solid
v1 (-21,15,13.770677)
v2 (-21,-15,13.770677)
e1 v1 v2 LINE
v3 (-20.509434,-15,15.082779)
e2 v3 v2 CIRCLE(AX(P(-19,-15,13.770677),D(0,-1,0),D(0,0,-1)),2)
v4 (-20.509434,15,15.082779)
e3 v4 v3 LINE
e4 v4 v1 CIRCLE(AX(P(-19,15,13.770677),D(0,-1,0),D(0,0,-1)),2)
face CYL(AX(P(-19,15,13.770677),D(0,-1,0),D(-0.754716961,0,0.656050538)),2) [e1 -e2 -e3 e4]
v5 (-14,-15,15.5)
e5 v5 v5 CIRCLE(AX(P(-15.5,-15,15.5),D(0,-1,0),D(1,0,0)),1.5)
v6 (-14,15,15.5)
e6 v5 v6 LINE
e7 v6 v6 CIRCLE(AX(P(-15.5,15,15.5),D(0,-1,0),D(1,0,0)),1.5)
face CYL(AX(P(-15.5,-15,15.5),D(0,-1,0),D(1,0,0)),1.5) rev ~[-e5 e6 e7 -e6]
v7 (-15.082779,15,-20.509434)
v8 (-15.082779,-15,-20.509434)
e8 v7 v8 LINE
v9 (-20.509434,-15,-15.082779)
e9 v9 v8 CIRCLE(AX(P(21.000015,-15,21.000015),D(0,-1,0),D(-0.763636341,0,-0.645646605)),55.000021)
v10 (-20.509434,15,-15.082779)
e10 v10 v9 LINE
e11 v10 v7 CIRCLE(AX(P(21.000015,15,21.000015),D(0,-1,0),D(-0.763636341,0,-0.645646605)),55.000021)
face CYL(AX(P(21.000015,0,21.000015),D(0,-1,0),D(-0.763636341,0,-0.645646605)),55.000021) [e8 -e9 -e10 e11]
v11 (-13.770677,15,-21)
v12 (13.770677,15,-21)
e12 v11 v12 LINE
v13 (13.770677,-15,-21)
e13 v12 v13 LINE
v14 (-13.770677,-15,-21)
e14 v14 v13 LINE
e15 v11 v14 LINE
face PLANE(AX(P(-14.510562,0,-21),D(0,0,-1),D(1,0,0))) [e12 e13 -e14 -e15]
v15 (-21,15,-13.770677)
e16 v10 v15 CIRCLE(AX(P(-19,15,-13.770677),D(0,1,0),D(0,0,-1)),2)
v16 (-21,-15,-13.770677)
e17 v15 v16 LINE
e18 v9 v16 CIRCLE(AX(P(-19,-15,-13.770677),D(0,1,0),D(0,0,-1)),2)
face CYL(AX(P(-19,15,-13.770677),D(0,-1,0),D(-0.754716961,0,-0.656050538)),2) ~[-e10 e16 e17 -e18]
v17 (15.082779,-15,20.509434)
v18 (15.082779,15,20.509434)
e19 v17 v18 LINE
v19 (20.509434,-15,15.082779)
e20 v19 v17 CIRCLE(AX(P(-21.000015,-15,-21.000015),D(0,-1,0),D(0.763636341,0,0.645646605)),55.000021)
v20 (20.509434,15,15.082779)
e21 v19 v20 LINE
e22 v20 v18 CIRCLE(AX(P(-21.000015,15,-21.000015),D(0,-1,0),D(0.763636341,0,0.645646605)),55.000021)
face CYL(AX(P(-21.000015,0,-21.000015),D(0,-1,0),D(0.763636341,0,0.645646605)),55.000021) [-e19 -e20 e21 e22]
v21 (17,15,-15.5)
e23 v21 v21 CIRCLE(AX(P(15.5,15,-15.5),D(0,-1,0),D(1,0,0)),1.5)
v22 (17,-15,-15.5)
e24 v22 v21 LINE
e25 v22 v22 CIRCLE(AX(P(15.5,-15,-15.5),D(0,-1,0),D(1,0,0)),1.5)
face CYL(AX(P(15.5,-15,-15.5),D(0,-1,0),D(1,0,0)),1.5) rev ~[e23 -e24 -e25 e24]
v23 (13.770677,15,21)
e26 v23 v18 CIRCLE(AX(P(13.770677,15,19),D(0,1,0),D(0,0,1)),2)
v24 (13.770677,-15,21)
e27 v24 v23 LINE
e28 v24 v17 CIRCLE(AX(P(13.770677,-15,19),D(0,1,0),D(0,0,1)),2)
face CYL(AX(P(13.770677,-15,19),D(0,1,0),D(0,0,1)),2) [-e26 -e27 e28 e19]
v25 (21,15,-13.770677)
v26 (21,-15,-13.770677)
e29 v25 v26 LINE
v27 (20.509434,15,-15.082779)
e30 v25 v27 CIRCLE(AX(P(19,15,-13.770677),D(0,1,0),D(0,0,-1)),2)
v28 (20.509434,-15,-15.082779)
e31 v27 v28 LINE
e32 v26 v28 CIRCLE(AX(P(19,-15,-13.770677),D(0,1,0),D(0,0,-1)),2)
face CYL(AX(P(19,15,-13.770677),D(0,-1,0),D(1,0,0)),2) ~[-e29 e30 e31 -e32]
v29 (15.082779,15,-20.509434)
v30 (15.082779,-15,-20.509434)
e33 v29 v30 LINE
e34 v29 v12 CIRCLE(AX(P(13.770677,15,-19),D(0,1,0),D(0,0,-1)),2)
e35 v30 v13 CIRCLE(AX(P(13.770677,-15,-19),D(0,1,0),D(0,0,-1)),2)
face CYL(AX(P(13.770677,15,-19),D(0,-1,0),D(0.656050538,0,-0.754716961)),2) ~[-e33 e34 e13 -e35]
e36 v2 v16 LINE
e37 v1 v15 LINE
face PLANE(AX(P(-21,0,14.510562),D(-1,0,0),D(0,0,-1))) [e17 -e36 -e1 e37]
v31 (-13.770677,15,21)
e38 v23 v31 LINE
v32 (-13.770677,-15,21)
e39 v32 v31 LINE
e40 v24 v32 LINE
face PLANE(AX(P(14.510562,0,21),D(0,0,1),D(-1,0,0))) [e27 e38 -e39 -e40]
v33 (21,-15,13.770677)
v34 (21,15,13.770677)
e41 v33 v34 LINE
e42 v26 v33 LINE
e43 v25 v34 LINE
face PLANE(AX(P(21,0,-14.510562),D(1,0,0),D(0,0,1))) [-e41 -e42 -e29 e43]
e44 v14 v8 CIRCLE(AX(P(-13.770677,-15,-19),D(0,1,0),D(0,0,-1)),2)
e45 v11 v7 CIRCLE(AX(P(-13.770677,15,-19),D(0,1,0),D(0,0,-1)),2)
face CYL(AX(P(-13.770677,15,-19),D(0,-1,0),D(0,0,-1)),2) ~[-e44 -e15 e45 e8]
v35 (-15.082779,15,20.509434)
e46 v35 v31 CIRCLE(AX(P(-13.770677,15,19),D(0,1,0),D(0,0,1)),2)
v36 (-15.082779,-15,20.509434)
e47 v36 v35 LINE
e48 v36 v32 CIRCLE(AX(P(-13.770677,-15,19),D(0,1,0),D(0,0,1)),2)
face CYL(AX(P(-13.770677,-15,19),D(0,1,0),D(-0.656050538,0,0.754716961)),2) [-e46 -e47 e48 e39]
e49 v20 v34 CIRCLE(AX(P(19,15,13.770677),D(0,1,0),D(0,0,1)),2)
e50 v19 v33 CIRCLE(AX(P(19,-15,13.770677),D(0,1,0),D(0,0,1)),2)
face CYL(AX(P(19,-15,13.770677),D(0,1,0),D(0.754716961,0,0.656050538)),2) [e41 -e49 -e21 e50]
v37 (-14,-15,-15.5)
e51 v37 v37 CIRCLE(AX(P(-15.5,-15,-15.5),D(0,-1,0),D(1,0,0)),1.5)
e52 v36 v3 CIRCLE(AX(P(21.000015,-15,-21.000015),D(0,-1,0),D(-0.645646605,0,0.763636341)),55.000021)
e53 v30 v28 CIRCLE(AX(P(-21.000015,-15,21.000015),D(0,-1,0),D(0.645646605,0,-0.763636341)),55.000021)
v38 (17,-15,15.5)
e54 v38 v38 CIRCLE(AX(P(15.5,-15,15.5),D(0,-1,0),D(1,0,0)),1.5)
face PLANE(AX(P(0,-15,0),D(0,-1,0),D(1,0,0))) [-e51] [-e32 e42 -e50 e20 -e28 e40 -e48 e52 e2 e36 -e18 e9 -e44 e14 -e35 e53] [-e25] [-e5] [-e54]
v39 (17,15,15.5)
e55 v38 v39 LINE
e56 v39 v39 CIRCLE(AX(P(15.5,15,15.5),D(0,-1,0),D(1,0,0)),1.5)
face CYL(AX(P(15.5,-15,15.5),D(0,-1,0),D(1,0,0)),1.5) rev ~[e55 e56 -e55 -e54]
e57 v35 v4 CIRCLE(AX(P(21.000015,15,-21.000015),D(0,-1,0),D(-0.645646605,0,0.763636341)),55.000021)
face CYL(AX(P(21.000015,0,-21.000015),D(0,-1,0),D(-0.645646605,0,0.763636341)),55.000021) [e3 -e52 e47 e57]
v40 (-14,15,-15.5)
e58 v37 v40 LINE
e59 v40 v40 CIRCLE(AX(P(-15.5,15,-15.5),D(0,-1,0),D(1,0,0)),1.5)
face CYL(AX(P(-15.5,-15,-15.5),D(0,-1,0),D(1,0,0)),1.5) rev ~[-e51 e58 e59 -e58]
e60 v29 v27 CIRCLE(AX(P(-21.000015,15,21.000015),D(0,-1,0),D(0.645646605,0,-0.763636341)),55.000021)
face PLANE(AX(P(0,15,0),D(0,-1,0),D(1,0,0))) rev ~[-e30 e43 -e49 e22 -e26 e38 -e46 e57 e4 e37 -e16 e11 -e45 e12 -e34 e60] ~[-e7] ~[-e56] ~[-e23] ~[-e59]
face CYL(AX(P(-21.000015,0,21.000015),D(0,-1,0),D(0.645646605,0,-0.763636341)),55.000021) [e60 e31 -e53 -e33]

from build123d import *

# Parameters (mm, degrees)
F1_DEPTH = 15
F2_R     = 2
F3_R     = 1.5
F4_DEPTH = 30.001


with BuildPart() as f1:
    # F0 (on Front) → F1 (new body, symmetric)
    with BuildSketch(Plane.XZ):
        with BuildLine():
            ThreePointArc((-14.510562, 21), (-17.890873, 17.890873), (-21, 14.510562))
            Line((-21, 14.510562), (-21, -14.510562))
            ThreePointArc((-21, -14.510562), (-17.890873, -17.890873), (-14.510562, -21))
            Line((-14.510562, -21), (14.510562, -21))
            ThreePointArc((14.510562, -21), (17.890873, -17.890873), (21, -14.510562))
            Line((21, -14.510562), (21, 14.510562))
            ThreePointArc((21, 14.510562), (17.890873, 17.890873), (14.510562, 21))
            Line((14.510562, 21), (-14.510562, 21))
        make_face()
    extrude(amount=F1_DEPTH, both=True)

    # F2
    f2_edges = [f1.edges().sort_by_distance(p)[0] for p in [
        (14.510562, 0, 21),
        (21, 0, 14.510562),
        (21, 0, -14.510562),
        (14.510562, 0, -21),
        (-14.510562, 0, -21),
        (-21, 0, -14.510562),
        (-21, 0, 14.510562),
        (-14.510562, 0, 21),
    ]]
    fillet(f2_edges, radius=F2_R)

    # F3 (on face) → F4 (cut, through all)
    with BuildSketch(Plane.XZ.offset(15)):
        with Locations((15.5, 15.5)):
            Circle(F3_R)
        with Locations((-15.5, 15.5)):
            Circle(F3_R)
        with Locations((-15.5, -15.5)):
            Circle(F3_R)
        with Locations((15.5, -15.5)):
            Circle(F3_R)
    extrude(amount=-F4_DEPTH, mode=Mode.SUBTRACT)


solid = f1.part
